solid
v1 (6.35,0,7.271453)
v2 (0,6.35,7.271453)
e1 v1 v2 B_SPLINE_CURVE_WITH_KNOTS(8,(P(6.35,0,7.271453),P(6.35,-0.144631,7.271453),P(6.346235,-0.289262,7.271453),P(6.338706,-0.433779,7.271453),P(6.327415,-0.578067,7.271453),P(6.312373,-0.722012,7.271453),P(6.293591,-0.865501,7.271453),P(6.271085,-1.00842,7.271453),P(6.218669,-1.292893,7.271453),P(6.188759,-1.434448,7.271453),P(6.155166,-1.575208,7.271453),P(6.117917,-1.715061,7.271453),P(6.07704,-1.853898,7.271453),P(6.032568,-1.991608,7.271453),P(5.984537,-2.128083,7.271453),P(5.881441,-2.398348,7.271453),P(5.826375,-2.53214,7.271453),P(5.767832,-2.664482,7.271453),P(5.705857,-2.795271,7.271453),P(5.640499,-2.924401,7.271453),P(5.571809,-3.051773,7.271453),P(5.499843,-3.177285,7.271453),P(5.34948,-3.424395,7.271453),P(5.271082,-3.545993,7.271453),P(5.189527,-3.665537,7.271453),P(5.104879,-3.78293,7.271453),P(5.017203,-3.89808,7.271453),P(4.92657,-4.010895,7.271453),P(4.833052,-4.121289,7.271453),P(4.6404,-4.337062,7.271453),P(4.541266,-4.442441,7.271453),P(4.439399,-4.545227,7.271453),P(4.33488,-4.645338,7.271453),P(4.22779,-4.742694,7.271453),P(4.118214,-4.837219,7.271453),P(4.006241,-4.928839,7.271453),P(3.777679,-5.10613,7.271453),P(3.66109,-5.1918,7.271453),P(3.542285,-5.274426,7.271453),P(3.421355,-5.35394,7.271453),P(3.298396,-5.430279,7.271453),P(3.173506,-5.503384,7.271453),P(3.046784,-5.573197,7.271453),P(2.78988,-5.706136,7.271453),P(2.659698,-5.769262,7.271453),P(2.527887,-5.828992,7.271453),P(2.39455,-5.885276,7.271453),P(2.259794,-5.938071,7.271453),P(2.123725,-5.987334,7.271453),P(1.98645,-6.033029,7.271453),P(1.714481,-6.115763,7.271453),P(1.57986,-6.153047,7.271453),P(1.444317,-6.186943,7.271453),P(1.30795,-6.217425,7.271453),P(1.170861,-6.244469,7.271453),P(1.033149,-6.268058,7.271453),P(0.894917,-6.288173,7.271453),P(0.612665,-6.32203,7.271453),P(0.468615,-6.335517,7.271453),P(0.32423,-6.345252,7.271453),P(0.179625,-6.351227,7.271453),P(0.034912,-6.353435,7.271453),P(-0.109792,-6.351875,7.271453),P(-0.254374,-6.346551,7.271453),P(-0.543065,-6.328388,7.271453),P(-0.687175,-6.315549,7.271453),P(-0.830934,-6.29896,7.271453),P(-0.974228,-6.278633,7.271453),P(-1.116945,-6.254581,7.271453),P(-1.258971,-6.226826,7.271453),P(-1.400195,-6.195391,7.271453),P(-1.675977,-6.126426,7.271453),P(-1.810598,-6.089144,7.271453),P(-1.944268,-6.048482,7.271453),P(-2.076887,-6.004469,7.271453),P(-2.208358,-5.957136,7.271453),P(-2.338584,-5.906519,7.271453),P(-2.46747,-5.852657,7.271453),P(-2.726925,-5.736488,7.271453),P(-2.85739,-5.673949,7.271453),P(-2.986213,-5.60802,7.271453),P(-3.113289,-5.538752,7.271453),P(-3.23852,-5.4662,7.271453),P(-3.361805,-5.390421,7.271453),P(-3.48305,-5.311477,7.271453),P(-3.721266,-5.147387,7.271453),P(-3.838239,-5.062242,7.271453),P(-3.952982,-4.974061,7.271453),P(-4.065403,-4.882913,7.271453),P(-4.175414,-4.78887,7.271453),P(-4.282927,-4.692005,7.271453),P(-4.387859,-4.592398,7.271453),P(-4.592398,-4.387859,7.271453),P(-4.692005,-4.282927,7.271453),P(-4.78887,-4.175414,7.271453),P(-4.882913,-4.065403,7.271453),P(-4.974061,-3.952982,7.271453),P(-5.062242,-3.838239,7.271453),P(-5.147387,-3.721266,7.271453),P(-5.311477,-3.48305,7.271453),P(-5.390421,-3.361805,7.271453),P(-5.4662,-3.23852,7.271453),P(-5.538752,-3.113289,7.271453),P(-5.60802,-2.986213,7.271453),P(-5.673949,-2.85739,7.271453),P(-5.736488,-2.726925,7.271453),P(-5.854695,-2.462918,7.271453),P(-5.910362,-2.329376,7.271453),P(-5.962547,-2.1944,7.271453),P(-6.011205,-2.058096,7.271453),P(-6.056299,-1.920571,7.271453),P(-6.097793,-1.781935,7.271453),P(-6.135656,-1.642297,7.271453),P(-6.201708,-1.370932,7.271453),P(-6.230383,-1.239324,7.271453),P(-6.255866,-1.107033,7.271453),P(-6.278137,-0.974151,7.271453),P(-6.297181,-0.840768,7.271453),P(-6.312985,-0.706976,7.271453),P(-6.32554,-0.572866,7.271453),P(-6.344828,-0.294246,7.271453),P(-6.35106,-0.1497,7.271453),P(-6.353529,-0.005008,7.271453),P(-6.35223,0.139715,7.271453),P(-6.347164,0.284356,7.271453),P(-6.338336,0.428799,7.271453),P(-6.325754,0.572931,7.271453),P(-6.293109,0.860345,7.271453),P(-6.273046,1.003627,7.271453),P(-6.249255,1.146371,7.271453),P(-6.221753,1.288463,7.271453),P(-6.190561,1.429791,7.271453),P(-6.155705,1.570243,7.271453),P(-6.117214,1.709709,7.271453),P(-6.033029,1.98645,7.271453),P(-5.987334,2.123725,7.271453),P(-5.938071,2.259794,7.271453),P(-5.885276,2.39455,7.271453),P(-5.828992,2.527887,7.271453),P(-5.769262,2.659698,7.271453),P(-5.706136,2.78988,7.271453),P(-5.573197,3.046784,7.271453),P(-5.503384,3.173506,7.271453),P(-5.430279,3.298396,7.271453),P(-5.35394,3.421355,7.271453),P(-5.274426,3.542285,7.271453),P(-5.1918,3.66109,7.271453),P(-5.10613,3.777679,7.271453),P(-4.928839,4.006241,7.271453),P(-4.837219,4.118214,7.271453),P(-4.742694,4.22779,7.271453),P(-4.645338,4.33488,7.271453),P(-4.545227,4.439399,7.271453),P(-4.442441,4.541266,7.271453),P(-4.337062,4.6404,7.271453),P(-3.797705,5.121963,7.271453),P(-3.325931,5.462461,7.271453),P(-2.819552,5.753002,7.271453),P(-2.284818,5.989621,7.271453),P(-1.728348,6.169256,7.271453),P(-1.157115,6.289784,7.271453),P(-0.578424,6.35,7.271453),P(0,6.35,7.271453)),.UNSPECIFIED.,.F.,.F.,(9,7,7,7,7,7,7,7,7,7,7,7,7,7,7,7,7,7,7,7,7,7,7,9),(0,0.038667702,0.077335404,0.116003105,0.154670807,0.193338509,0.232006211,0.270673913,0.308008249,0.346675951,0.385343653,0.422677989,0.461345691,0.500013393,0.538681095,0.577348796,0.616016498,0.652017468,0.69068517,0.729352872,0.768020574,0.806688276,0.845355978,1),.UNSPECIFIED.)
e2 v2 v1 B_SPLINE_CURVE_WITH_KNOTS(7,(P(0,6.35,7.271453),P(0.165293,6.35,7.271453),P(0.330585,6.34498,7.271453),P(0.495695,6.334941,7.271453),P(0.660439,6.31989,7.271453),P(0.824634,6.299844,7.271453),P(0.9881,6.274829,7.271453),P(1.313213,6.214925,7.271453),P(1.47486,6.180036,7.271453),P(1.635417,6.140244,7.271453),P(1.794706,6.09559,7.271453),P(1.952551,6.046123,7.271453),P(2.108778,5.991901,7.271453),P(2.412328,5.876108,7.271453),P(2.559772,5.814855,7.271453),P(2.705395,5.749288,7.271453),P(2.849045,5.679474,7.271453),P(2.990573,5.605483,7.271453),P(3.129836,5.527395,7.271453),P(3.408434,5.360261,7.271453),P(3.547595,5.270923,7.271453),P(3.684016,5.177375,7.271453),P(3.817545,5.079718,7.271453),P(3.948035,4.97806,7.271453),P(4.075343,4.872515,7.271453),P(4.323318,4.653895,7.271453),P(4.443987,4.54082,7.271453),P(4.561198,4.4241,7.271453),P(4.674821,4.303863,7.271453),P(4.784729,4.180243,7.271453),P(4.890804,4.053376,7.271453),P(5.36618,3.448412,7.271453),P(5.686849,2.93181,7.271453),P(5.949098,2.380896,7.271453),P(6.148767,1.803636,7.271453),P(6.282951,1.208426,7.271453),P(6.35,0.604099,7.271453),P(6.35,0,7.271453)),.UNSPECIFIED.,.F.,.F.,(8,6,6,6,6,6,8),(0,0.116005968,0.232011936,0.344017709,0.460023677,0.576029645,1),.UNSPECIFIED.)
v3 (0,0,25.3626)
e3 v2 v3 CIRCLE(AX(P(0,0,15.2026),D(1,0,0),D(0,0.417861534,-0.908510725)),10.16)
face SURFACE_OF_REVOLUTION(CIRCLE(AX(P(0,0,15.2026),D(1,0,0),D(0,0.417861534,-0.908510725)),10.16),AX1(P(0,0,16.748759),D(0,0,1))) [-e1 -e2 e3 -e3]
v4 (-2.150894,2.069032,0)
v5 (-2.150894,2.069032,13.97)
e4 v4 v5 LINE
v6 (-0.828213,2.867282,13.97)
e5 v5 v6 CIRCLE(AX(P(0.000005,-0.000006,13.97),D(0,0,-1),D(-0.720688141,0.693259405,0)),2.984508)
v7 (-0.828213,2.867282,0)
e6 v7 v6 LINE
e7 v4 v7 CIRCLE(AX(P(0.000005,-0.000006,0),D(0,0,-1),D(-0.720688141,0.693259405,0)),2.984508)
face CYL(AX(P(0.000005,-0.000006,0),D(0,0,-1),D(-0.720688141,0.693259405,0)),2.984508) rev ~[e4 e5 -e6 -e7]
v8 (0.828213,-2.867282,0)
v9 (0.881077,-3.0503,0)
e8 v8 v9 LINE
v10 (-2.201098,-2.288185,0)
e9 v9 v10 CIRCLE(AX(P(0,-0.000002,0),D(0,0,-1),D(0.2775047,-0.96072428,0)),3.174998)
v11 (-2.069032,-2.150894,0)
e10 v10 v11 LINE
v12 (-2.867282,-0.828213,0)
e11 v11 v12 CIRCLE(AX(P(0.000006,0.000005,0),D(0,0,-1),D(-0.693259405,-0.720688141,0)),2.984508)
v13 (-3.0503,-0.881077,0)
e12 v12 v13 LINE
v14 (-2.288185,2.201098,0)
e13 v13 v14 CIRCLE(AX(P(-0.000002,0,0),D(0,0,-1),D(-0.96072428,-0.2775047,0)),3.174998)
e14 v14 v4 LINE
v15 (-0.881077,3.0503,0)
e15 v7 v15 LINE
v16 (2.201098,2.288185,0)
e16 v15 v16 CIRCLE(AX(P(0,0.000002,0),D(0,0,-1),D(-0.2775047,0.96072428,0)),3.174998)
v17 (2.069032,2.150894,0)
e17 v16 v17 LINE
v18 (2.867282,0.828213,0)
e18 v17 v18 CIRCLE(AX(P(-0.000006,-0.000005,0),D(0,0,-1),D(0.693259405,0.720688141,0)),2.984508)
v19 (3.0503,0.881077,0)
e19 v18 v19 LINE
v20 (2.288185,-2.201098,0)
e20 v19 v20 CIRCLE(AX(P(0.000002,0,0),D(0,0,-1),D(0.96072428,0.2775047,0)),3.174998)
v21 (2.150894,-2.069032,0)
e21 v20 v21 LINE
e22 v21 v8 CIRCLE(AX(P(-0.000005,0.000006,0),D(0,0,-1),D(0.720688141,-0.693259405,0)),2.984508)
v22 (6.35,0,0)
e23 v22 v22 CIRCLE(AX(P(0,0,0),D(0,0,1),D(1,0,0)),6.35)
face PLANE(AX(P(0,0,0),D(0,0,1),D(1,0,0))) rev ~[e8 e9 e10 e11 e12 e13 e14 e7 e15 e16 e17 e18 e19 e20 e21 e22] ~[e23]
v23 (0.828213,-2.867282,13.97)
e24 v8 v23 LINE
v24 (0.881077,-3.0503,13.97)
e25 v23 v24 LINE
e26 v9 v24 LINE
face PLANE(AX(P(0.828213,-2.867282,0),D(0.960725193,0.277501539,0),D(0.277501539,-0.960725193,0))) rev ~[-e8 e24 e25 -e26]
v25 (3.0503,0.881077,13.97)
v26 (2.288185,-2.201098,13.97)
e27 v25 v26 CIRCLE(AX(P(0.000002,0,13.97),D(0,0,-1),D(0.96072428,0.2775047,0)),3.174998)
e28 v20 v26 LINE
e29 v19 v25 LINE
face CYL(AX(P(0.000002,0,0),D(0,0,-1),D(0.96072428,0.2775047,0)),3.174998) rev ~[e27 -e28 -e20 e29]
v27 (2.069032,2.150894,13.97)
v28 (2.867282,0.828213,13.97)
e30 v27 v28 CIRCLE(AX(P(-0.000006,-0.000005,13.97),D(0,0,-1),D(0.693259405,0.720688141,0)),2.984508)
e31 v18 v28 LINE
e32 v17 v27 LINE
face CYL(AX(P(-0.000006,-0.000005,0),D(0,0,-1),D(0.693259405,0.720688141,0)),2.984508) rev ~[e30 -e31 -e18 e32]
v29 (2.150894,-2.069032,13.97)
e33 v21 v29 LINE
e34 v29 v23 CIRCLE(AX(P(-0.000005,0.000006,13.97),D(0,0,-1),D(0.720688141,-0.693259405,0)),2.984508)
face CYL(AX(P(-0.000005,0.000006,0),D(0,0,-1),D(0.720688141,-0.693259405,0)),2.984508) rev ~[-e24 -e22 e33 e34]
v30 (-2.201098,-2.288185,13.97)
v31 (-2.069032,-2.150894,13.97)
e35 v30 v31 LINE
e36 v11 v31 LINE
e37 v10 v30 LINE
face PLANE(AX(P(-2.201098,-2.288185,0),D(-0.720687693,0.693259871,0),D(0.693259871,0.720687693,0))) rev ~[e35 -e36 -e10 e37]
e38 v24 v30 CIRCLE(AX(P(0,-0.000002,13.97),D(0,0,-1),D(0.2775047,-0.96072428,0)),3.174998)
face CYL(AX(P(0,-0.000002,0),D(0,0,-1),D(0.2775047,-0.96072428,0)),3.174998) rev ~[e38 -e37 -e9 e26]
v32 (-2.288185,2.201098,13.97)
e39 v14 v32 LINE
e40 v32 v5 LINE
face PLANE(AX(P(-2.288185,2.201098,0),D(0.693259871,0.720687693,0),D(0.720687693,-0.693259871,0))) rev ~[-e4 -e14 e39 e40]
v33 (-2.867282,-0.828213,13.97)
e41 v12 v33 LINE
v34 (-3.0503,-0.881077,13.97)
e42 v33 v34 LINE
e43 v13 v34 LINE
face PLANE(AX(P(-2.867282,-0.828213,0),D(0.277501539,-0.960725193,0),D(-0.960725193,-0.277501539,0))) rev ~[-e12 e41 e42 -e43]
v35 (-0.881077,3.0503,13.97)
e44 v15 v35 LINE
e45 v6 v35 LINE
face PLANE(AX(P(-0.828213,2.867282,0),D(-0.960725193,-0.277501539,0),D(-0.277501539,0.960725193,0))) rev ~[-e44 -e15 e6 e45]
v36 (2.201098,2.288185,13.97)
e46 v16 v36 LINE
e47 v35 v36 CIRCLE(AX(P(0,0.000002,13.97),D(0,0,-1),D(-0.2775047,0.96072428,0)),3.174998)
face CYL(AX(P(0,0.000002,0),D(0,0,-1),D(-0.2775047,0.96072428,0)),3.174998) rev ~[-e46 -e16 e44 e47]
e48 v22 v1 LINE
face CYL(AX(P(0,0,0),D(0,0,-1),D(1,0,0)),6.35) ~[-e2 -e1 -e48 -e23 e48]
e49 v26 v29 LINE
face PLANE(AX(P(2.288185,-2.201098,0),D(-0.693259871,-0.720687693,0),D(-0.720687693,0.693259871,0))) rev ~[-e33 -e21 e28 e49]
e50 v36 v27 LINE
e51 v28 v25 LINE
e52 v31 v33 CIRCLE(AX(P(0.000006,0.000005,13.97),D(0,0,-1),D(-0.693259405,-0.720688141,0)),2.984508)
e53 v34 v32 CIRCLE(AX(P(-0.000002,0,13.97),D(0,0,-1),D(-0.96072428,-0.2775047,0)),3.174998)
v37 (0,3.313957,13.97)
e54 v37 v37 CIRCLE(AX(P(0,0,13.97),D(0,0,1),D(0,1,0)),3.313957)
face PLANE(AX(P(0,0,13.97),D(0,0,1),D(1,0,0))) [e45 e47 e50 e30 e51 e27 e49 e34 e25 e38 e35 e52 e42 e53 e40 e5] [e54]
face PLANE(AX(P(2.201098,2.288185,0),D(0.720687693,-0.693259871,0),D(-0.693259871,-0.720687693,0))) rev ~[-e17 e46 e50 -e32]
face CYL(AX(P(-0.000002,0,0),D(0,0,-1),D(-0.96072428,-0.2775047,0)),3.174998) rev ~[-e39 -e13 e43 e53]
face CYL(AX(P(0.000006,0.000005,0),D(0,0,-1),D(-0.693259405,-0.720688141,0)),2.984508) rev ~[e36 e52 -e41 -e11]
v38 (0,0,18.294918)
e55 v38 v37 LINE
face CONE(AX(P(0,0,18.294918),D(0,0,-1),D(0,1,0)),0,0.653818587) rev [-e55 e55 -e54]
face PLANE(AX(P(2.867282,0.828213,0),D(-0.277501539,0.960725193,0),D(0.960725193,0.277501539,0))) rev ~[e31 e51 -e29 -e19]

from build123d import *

# Parameters (mm, degrees)
F0_R     = 6.35
F1_DEPTH = 13.97


with BuildPart() as f1:
    # F0 (on Top) → F1 (new body)
    with BuildSketch(Plane.XY):
        Circle(F0_R)
        with BuildLine():
            ThreePointArc((3.0503, 0.881077), (3.082176, -0.762114), (2.288185, -2.201098))
            Line((2.288185, -2.201098), (2.150894, -2.069032))
            ThreePointArc((2.150894, -2.069032), (1.542099, -2.555224), (0.828213, -2.867282))
            Line((0.828213, -2.867282), (0.881077, -3.0503))
            ThreePointArc((0.881077, -3.0503), (-0.762114, -3.082176), (-2.201098, -2.288185))
            Line((-2.201098, -2.288185), (-2.069032, -2.150894))
            ThreePointArc((-2.069032, -2.150894), (-2.555224, -1.542099), (-2.867282, -0.828213))
            Line((-2.867282, -0.828213), (-3.0503, -0.881077))
            ThreePointArc((-3.0503, -0.881077), (-3.082176, 0.762114), (-2.288185, 2.201098))
            Line((-2.288185, 2.201098), (-2.150894, 2.069032))
            ThreePointArc((-2.150894, 2.069032), (-1.542099, 2.555224), (-0.828213, 2.867282))
            Line((-0.828213, 2.867282), (-0.881077, 3.0503))
            ThreePointArc((-0.881077, 3.0503), (0.762114, 3.082176), (2.201098, 2.288185))
            Line((2.201098, 2.288185), (2.069032, 2.150894))
            ThreePointArc((2.069032, 2.150894), (2.555224, 1.542099), (2.867282, 0.828213))
            Line((2.867282, 0.828213), (3.0503, 0.881077))
        make_face(mode=Mode.SUBTRACT)
    extrude(amount=F1_DEPTH)

    # F2 (on Right) → F3 (revolve)
    with BuildSketch(Plane.YZ):
        with BuildLine():
            Line((3.313957, 13.97), (4.245473, 5.972131))
            ThreePointArc((4.245473, 5.972131), (9.924897, 17.37562), (0, 25.3626))
            Line((0, 25.3626), (0, 18.294918))
            Line((0, 18.294918), (3.313957, 13.97))
        make_face()
    revolve(axis=Axis((0, 0, 16.748759), (0, 0, 1)))


solid = f1.part
